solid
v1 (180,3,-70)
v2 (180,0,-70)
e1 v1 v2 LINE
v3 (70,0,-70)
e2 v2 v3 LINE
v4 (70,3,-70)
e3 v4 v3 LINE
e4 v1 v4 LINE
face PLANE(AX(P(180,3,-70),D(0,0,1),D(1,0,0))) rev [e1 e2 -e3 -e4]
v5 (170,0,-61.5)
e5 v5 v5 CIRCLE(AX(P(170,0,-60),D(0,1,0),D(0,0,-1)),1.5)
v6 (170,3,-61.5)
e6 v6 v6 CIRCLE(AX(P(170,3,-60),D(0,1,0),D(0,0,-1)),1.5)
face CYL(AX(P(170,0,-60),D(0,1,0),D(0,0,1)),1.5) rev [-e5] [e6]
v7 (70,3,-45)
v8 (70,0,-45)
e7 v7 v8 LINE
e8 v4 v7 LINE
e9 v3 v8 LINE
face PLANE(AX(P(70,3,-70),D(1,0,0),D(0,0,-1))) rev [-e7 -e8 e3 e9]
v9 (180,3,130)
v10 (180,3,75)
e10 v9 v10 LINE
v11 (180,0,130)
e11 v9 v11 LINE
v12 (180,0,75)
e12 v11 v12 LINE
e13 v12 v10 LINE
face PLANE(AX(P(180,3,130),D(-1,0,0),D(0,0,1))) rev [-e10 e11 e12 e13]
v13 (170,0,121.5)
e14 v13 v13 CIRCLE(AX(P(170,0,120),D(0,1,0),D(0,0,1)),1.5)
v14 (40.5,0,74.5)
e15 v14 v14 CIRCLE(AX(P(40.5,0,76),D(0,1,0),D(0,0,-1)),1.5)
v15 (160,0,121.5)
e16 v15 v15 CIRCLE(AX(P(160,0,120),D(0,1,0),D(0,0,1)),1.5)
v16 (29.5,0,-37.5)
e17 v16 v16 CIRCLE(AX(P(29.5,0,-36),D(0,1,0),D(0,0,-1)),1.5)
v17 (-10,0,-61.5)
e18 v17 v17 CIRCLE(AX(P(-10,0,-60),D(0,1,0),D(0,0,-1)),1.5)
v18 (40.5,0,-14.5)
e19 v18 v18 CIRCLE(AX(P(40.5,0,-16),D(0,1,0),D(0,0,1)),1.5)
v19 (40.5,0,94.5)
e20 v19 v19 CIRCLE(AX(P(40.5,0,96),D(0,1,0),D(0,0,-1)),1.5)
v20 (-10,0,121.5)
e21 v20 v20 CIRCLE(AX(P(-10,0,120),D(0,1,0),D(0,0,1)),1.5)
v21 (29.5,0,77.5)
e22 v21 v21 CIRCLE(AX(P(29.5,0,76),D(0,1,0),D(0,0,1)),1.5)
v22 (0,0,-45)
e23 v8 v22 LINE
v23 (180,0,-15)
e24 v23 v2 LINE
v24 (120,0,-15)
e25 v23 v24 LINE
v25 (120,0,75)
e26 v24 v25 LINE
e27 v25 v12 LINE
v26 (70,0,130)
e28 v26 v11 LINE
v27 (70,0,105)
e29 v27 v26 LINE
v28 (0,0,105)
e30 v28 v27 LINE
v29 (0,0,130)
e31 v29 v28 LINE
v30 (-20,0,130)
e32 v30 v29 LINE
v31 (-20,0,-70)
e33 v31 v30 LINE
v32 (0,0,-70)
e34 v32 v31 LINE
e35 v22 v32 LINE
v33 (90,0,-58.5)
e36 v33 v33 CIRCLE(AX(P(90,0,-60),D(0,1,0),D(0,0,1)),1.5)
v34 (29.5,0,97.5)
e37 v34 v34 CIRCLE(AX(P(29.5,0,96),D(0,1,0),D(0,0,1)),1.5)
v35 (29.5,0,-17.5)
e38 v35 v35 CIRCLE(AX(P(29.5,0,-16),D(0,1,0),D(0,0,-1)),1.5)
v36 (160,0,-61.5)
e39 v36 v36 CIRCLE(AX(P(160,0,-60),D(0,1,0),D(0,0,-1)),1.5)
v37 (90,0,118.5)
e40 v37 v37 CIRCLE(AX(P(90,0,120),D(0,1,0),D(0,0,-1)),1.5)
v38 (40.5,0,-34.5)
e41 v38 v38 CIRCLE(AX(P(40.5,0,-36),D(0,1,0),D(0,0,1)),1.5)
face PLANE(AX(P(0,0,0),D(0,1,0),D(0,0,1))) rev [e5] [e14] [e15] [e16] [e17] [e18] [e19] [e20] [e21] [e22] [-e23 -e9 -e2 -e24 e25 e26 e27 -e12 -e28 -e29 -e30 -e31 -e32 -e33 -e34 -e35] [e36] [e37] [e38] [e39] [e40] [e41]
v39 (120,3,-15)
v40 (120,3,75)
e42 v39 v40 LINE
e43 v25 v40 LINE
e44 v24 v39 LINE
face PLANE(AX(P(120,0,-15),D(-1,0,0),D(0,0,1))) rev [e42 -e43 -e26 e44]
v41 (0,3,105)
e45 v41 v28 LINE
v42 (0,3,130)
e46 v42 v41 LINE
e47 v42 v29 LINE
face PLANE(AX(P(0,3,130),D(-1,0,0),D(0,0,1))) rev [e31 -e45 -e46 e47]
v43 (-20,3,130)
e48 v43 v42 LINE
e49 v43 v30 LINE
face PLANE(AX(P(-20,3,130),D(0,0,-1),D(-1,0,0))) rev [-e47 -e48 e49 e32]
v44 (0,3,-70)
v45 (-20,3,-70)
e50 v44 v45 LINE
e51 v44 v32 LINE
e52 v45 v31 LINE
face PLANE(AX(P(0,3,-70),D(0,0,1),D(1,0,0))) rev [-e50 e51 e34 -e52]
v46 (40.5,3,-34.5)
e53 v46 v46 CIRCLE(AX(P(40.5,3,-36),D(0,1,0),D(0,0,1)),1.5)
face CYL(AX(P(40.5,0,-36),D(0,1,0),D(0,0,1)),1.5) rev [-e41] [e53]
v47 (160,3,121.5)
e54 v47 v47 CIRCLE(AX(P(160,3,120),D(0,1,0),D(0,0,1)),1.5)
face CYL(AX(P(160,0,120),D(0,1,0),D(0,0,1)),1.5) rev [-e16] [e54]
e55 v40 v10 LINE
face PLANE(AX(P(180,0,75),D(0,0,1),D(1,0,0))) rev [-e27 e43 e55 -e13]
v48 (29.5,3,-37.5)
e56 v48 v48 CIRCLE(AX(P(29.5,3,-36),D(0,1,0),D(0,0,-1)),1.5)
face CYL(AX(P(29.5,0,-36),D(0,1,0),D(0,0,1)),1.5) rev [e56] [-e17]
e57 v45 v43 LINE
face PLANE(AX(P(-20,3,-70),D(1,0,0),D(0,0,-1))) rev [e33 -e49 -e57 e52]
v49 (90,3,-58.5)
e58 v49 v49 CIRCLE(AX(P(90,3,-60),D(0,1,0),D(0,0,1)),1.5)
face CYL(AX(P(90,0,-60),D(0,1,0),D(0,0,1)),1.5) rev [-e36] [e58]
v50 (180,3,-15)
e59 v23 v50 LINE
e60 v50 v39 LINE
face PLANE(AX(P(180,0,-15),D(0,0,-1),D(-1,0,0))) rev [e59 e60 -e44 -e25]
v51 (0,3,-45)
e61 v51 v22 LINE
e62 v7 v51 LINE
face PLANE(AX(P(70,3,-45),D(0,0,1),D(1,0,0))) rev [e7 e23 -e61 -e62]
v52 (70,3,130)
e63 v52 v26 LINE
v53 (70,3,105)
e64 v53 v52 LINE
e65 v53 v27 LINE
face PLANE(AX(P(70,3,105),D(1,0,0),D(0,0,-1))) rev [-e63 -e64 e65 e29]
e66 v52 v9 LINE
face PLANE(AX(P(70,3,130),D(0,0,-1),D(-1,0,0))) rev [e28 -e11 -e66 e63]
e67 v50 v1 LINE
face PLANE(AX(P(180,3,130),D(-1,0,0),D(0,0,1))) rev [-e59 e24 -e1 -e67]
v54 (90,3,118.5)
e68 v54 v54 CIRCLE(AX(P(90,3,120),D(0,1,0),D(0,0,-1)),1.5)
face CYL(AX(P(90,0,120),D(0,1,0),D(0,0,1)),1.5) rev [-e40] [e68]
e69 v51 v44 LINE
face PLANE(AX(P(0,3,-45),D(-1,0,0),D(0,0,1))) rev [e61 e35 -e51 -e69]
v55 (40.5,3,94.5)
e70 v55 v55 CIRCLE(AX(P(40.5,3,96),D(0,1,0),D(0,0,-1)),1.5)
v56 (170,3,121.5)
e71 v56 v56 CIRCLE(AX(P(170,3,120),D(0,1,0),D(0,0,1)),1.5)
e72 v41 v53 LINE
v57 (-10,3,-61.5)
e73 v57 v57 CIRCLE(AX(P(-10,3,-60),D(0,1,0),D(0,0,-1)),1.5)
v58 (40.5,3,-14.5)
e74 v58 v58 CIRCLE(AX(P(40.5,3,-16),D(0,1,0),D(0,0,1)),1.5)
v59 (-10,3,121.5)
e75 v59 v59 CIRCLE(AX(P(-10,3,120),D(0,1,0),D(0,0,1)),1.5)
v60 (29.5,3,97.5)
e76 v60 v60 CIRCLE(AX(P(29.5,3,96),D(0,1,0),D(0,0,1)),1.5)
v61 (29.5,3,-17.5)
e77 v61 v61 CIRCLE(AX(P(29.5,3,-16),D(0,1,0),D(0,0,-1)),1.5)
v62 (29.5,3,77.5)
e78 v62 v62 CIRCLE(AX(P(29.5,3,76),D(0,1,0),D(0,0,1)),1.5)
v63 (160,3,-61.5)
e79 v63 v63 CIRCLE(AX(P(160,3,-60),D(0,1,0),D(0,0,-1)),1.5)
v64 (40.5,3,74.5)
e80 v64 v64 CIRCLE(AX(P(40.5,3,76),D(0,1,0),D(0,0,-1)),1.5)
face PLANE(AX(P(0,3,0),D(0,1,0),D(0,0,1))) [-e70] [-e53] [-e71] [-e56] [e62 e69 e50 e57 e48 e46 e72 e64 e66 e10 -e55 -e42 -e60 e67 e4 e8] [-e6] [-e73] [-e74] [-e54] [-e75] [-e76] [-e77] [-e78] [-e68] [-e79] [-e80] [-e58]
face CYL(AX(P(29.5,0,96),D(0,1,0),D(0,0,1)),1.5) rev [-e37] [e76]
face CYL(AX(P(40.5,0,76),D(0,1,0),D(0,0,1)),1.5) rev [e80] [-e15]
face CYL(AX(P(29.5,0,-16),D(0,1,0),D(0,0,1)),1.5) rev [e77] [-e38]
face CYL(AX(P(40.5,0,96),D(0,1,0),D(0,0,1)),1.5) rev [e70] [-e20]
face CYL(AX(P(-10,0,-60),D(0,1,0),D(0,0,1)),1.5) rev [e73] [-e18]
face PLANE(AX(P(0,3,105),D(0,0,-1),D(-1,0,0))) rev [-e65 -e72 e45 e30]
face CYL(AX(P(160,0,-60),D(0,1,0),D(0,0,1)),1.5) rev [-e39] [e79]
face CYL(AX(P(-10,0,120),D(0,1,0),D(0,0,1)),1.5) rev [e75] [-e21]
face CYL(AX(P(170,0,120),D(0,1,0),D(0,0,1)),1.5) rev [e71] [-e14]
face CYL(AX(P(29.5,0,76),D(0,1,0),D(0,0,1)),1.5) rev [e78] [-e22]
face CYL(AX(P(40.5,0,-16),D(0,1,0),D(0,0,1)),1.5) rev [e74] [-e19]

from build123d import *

# Parameters (mm, degrees)
BOSS_EXTRUDE1_DEPTH = 3
SKETCH2_R           = 1.5
CUT_EXTRUDE1_DEPTH  = 3
SKETCH6_R           = 1.5
CUT_EXTRUDE2_DEPTH  = 3
SKETCH8_W           = 60
SKETCH8_H           = 90
CUT_EXTRUDE4_DEPTH  = 3
SKETCH3_R           = 1.5
CUT_EXTRUDE5_DEPTH  = 3


with BuildPart() as part:
    # Sketch1 → Boss-Extrude1 (new body)
    with BuildSketch(Plane(origin=(0, 0, 0), x_dir=(1, 0, 0), z_dir=(0, 1, 0))):
        Polygon((-20, -130), (0, -130), (0, -105), (70, -105), (70, -130), (180, -130), (180, 70), (70, 70), (70, 45), (0, 45), (0, 70), (-20, 70), align=None)
    extrude(amount=BOSS_EXTRUDE1_DEPTH)

    # Sketch2 → Cut-Extrude1 (cut)
    with BuildSketch(Plane(origin=(0, 3, 0), x_dir=(1, 0, 0), z_dir=(0, 1, 0))):
        with Locations(Location((29.5, -96, 0), (0, 0, 270))):
            Circle(SKETCH2_R)
        with Locations(Location((29.5, -76, 0), (0, 0, 270))):
            Circle(SKETCH2_R)
        with Locations(Location((40.5, -96, 0), (0, 0, 90))):
            Circle(SKETCH2_R)
        with Locations(Location((40.5, -76, 0), (0, 0, 90))):
            Circle(SKETCH2_R)
        with Locations(Location((29.5, 36, 0), (0, 0, 90))):
            Circle(SKETCH2_R)
        with Locations(Location((40.5, 36, 0), (0, 0, 270))):
            Circle(SKETCH2_R)
        with Locations(Location((40.5, 16, 0), (0, 0, 270))):
            Circle(SKETCH2_R)
        with Locations(Location((29.5, 16, 0), (0, 0, 90))):
            Circle(SKETCH2_R)
    extrude(amount=-CUT_EXTRUDE1_DEPTH, mode=Mode.SUBTRACT)

    # Sketch6 → Cut-Extrude2 (cut)
    with BuildSketch(Plane(origin=(0, 3, 0), x_dir=(1, 0, 0), z_dir=(0, 1, 0))):
        with Locations(Location((170, -120, 0), (0, 0, 270))):
            Circle(SKETCH6_R)
        with Locations(Location((170, 60, 0), (0, 0, 90))):
            Circle(SKETCH6_R)
        with Locations(Location((90, -120, 0), (0, 0, 90))):
            Circle(SKETCH6_R)
        with Locations(Location((90, 60, 0), (0, 0, 270))):
            Circle(SKETCH6_R)
    extrude(amount=-CUT_EXTRUDE2_DEPTH, mode=Mode.SUBTRACT)

    # Sketch8 → Cut-Extrude4 (cut)
    with BuildSketch(Plane(origin=(0, 3, 0), x_dir=(1, 0, 0), z_dir=(0, 1, 0))):
        with Locations((150, -30)):
            Rectangle(SKETCH8_W, SKETCH8_H)
    extrude(amount=-CUT_EXTRUDE4_DEPTH, mode=Mode.SUBTRACT)

    # Sketch3 → Cut-Extrude5 (cut)
    with BuildSketch(Plane(origin=(0, 3, 0), x_dir=(1, 0, 0), z_dir=(0, 1, 0))):
        with Locations(Location((-10, -120, 0), (0, 0, 270))):
            Circle(SKETCH3_R)
        with Locations(Location((160, -120, 0), (0, 0, 270))):
            Circle(SKETCH3_R)
        with Locations(Location((160, 60, 0), (0, 0, 90))):
            Circle(SKETCH3_R)
        with Locations(Location((-10, 60, 0), (0, 0, 90))):
            Circle(SKETCH3_R)
    extrude(amount=-CUT_EXTRUDE5_DEPTH, mode=Mode.SUBTRACT)


solid = part.part
